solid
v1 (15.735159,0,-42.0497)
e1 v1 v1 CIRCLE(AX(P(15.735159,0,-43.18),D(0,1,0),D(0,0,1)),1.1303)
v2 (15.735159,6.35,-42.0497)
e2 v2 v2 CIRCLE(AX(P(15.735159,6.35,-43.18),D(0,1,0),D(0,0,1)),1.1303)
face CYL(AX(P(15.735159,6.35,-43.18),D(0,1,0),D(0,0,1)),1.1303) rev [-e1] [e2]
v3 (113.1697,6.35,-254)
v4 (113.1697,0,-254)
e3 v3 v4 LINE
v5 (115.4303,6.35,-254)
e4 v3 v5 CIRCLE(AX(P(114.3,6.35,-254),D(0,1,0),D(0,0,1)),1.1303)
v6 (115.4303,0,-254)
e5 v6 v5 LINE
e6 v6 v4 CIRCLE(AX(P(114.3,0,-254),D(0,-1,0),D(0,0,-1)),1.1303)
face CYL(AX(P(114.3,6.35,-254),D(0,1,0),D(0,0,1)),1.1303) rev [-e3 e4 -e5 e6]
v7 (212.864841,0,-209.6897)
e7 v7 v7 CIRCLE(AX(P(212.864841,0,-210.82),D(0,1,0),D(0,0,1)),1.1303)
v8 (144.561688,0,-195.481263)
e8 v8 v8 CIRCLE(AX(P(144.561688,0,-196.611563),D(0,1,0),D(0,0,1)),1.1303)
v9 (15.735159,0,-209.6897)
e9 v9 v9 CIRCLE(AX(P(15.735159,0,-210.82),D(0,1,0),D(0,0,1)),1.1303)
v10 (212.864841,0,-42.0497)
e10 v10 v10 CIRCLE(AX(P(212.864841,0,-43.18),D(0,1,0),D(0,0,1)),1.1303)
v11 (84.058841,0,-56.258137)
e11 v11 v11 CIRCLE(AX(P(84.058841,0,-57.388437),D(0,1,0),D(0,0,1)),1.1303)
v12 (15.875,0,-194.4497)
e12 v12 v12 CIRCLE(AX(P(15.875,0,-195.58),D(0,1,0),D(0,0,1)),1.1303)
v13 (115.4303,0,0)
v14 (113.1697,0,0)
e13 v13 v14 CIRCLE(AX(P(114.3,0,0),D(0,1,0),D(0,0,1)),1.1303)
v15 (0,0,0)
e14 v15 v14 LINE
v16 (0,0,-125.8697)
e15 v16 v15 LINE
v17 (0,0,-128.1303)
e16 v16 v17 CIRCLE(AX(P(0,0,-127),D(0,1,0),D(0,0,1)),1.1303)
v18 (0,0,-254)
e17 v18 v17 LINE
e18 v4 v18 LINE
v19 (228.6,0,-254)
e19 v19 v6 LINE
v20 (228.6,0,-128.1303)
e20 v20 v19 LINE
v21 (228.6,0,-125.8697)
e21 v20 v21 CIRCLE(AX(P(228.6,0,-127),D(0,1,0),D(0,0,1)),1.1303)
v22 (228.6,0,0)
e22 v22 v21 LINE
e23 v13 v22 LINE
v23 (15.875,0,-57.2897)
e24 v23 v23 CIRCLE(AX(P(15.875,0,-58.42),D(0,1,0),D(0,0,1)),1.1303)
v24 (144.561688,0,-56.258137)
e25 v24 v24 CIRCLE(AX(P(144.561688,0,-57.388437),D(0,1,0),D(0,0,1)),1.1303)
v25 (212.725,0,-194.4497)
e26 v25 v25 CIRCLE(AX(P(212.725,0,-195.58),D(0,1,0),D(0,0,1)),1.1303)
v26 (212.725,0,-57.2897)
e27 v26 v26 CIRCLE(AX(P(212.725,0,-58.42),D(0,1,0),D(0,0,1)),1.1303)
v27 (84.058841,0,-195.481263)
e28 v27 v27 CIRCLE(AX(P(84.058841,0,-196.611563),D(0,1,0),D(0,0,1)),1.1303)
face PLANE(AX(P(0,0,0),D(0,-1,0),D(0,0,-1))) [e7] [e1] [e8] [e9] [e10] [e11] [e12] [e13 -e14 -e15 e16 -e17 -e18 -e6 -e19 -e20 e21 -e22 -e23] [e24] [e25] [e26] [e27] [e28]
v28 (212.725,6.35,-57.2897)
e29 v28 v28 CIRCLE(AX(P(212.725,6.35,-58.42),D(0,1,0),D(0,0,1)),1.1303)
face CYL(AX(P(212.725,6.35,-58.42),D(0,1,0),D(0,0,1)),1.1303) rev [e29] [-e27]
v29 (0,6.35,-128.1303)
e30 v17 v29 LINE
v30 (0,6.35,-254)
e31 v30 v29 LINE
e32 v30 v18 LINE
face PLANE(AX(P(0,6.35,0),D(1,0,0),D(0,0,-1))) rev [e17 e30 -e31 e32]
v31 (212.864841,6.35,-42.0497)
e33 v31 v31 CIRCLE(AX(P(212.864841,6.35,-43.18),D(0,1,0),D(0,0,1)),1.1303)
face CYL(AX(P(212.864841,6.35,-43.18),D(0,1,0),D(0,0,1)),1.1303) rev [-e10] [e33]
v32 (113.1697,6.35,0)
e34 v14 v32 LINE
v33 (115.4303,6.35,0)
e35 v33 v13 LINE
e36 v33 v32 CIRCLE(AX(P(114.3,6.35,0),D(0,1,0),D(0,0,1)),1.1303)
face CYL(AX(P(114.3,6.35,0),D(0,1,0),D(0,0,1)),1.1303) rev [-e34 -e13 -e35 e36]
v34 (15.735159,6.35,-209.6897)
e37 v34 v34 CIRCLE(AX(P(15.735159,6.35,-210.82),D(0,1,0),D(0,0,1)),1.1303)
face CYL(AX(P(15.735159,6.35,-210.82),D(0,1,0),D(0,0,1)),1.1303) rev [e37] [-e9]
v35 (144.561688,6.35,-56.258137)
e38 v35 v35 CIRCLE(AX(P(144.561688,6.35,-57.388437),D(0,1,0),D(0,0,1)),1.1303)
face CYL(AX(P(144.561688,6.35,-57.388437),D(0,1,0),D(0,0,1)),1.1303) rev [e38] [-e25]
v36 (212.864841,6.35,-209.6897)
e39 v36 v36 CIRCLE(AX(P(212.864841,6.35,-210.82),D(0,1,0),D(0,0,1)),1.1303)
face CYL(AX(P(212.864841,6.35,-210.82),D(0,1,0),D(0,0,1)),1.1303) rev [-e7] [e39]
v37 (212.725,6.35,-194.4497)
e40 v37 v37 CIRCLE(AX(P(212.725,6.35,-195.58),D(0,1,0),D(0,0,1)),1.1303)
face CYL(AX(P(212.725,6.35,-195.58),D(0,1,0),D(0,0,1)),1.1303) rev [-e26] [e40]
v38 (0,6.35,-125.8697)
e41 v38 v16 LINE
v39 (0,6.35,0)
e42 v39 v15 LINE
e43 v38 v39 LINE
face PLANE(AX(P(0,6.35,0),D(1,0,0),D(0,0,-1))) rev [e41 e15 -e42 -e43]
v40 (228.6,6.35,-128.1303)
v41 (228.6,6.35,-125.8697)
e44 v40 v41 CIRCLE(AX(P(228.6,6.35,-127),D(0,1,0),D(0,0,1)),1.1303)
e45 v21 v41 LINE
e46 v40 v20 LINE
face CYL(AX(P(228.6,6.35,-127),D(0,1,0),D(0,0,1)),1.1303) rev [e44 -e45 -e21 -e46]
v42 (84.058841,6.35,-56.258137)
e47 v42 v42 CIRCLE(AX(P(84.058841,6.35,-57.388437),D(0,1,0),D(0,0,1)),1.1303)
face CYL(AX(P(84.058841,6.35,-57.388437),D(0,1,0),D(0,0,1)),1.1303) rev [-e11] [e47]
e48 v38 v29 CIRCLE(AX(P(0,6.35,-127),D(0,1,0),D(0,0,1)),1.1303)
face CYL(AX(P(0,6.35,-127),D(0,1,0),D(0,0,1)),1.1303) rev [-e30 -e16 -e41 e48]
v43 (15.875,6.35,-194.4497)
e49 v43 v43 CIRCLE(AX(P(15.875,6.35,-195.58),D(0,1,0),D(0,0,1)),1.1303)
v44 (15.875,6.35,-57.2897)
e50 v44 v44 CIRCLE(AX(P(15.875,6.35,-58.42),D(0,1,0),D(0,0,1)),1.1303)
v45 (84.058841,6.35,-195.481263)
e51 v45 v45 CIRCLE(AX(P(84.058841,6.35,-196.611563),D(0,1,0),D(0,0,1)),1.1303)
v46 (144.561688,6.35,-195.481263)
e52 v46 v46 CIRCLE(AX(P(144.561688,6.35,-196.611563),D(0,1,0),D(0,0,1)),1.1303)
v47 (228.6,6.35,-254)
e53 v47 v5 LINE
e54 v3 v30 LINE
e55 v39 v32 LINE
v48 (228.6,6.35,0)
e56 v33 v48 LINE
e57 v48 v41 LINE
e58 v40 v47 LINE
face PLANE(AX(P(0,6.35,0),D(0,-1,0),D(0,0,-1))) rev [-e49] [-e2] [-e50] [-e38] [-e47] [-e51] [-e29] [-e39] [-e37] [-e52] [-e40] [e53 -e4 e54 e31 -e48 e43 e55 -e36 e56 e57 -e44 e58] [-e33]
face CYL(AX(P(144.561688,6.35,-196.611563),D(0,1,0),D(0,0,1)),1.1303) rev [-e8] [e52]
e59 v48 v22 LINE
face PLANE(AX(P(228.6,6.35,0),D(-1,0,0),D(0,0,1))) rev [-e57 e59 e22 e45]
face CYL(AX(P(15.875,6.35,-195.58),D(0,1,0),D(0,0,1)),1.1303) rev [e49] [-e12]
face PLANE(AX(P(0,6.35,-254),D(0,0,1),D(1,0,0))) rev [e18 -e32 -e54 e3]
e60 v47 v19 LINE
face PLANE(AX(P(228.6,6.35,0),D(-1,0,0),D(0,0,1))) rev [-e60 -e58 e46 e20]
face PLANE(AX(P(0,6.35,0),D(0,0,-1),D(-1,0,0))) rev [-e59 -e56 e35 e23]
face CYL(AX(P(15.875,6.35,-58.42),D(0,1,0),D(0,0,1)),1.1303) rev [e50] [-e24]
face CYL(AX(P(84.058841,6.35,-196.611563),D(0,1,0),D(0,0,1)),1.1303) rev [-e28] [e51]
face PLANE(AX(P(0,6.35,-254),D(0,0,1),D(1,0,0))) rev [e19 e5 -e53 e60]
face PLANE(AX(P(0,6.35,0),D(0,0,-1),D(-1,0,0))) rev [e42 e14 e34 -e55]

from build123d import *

# Parameters (mm, degrees)
SKETCH1_W             = 228.6
SKETCH1_H             = 254
BOSS_EXTRUDE1_DEPTH   = 6.35
F_4_40_TAPPED_HOLE1_D = 2.2606


with BuildPart() as part:
    # Sketch1 → Boss-Extrude1 (new body)
    with BuildSketch(Plane(origin=(0, 0, 0), x_dir=(1, 0, 0), z_dir=(0, 1, 0))):
        with Locations((114.3, 127)):
            Rectangle(SKETCH1_W, SKETCH1_H)
    extrude(amount=BOSS_EXTRUDE1_DEPTH)

    # #4-40 Tapped Hole1 (through all)
    with Locations(Plane(origin=(0, 6.35, 0), x_dir=(1, 0, 0), z_dir=(0, 1, 0))):
        with Locations((15.735159407, 43.18), (15.875, 58.42), (84.05884141, 57.388437181), (144.561688198, 57.388437181), (0, 127), (144.561688198, 196.611562819), (84.05884141, 196.611562819), (15.875, 195.58), (15.735159407, 210.82), (114.3, 0), (212.864840593, 43.18), (212.725, 58.42), (212.864840593, 210.82), (212.725, 195.58), (228.6, 127), (114.3, 254)):
            Hole(F_4_40_TAPPED_HOLE1_D / 2)


solid = part.part
